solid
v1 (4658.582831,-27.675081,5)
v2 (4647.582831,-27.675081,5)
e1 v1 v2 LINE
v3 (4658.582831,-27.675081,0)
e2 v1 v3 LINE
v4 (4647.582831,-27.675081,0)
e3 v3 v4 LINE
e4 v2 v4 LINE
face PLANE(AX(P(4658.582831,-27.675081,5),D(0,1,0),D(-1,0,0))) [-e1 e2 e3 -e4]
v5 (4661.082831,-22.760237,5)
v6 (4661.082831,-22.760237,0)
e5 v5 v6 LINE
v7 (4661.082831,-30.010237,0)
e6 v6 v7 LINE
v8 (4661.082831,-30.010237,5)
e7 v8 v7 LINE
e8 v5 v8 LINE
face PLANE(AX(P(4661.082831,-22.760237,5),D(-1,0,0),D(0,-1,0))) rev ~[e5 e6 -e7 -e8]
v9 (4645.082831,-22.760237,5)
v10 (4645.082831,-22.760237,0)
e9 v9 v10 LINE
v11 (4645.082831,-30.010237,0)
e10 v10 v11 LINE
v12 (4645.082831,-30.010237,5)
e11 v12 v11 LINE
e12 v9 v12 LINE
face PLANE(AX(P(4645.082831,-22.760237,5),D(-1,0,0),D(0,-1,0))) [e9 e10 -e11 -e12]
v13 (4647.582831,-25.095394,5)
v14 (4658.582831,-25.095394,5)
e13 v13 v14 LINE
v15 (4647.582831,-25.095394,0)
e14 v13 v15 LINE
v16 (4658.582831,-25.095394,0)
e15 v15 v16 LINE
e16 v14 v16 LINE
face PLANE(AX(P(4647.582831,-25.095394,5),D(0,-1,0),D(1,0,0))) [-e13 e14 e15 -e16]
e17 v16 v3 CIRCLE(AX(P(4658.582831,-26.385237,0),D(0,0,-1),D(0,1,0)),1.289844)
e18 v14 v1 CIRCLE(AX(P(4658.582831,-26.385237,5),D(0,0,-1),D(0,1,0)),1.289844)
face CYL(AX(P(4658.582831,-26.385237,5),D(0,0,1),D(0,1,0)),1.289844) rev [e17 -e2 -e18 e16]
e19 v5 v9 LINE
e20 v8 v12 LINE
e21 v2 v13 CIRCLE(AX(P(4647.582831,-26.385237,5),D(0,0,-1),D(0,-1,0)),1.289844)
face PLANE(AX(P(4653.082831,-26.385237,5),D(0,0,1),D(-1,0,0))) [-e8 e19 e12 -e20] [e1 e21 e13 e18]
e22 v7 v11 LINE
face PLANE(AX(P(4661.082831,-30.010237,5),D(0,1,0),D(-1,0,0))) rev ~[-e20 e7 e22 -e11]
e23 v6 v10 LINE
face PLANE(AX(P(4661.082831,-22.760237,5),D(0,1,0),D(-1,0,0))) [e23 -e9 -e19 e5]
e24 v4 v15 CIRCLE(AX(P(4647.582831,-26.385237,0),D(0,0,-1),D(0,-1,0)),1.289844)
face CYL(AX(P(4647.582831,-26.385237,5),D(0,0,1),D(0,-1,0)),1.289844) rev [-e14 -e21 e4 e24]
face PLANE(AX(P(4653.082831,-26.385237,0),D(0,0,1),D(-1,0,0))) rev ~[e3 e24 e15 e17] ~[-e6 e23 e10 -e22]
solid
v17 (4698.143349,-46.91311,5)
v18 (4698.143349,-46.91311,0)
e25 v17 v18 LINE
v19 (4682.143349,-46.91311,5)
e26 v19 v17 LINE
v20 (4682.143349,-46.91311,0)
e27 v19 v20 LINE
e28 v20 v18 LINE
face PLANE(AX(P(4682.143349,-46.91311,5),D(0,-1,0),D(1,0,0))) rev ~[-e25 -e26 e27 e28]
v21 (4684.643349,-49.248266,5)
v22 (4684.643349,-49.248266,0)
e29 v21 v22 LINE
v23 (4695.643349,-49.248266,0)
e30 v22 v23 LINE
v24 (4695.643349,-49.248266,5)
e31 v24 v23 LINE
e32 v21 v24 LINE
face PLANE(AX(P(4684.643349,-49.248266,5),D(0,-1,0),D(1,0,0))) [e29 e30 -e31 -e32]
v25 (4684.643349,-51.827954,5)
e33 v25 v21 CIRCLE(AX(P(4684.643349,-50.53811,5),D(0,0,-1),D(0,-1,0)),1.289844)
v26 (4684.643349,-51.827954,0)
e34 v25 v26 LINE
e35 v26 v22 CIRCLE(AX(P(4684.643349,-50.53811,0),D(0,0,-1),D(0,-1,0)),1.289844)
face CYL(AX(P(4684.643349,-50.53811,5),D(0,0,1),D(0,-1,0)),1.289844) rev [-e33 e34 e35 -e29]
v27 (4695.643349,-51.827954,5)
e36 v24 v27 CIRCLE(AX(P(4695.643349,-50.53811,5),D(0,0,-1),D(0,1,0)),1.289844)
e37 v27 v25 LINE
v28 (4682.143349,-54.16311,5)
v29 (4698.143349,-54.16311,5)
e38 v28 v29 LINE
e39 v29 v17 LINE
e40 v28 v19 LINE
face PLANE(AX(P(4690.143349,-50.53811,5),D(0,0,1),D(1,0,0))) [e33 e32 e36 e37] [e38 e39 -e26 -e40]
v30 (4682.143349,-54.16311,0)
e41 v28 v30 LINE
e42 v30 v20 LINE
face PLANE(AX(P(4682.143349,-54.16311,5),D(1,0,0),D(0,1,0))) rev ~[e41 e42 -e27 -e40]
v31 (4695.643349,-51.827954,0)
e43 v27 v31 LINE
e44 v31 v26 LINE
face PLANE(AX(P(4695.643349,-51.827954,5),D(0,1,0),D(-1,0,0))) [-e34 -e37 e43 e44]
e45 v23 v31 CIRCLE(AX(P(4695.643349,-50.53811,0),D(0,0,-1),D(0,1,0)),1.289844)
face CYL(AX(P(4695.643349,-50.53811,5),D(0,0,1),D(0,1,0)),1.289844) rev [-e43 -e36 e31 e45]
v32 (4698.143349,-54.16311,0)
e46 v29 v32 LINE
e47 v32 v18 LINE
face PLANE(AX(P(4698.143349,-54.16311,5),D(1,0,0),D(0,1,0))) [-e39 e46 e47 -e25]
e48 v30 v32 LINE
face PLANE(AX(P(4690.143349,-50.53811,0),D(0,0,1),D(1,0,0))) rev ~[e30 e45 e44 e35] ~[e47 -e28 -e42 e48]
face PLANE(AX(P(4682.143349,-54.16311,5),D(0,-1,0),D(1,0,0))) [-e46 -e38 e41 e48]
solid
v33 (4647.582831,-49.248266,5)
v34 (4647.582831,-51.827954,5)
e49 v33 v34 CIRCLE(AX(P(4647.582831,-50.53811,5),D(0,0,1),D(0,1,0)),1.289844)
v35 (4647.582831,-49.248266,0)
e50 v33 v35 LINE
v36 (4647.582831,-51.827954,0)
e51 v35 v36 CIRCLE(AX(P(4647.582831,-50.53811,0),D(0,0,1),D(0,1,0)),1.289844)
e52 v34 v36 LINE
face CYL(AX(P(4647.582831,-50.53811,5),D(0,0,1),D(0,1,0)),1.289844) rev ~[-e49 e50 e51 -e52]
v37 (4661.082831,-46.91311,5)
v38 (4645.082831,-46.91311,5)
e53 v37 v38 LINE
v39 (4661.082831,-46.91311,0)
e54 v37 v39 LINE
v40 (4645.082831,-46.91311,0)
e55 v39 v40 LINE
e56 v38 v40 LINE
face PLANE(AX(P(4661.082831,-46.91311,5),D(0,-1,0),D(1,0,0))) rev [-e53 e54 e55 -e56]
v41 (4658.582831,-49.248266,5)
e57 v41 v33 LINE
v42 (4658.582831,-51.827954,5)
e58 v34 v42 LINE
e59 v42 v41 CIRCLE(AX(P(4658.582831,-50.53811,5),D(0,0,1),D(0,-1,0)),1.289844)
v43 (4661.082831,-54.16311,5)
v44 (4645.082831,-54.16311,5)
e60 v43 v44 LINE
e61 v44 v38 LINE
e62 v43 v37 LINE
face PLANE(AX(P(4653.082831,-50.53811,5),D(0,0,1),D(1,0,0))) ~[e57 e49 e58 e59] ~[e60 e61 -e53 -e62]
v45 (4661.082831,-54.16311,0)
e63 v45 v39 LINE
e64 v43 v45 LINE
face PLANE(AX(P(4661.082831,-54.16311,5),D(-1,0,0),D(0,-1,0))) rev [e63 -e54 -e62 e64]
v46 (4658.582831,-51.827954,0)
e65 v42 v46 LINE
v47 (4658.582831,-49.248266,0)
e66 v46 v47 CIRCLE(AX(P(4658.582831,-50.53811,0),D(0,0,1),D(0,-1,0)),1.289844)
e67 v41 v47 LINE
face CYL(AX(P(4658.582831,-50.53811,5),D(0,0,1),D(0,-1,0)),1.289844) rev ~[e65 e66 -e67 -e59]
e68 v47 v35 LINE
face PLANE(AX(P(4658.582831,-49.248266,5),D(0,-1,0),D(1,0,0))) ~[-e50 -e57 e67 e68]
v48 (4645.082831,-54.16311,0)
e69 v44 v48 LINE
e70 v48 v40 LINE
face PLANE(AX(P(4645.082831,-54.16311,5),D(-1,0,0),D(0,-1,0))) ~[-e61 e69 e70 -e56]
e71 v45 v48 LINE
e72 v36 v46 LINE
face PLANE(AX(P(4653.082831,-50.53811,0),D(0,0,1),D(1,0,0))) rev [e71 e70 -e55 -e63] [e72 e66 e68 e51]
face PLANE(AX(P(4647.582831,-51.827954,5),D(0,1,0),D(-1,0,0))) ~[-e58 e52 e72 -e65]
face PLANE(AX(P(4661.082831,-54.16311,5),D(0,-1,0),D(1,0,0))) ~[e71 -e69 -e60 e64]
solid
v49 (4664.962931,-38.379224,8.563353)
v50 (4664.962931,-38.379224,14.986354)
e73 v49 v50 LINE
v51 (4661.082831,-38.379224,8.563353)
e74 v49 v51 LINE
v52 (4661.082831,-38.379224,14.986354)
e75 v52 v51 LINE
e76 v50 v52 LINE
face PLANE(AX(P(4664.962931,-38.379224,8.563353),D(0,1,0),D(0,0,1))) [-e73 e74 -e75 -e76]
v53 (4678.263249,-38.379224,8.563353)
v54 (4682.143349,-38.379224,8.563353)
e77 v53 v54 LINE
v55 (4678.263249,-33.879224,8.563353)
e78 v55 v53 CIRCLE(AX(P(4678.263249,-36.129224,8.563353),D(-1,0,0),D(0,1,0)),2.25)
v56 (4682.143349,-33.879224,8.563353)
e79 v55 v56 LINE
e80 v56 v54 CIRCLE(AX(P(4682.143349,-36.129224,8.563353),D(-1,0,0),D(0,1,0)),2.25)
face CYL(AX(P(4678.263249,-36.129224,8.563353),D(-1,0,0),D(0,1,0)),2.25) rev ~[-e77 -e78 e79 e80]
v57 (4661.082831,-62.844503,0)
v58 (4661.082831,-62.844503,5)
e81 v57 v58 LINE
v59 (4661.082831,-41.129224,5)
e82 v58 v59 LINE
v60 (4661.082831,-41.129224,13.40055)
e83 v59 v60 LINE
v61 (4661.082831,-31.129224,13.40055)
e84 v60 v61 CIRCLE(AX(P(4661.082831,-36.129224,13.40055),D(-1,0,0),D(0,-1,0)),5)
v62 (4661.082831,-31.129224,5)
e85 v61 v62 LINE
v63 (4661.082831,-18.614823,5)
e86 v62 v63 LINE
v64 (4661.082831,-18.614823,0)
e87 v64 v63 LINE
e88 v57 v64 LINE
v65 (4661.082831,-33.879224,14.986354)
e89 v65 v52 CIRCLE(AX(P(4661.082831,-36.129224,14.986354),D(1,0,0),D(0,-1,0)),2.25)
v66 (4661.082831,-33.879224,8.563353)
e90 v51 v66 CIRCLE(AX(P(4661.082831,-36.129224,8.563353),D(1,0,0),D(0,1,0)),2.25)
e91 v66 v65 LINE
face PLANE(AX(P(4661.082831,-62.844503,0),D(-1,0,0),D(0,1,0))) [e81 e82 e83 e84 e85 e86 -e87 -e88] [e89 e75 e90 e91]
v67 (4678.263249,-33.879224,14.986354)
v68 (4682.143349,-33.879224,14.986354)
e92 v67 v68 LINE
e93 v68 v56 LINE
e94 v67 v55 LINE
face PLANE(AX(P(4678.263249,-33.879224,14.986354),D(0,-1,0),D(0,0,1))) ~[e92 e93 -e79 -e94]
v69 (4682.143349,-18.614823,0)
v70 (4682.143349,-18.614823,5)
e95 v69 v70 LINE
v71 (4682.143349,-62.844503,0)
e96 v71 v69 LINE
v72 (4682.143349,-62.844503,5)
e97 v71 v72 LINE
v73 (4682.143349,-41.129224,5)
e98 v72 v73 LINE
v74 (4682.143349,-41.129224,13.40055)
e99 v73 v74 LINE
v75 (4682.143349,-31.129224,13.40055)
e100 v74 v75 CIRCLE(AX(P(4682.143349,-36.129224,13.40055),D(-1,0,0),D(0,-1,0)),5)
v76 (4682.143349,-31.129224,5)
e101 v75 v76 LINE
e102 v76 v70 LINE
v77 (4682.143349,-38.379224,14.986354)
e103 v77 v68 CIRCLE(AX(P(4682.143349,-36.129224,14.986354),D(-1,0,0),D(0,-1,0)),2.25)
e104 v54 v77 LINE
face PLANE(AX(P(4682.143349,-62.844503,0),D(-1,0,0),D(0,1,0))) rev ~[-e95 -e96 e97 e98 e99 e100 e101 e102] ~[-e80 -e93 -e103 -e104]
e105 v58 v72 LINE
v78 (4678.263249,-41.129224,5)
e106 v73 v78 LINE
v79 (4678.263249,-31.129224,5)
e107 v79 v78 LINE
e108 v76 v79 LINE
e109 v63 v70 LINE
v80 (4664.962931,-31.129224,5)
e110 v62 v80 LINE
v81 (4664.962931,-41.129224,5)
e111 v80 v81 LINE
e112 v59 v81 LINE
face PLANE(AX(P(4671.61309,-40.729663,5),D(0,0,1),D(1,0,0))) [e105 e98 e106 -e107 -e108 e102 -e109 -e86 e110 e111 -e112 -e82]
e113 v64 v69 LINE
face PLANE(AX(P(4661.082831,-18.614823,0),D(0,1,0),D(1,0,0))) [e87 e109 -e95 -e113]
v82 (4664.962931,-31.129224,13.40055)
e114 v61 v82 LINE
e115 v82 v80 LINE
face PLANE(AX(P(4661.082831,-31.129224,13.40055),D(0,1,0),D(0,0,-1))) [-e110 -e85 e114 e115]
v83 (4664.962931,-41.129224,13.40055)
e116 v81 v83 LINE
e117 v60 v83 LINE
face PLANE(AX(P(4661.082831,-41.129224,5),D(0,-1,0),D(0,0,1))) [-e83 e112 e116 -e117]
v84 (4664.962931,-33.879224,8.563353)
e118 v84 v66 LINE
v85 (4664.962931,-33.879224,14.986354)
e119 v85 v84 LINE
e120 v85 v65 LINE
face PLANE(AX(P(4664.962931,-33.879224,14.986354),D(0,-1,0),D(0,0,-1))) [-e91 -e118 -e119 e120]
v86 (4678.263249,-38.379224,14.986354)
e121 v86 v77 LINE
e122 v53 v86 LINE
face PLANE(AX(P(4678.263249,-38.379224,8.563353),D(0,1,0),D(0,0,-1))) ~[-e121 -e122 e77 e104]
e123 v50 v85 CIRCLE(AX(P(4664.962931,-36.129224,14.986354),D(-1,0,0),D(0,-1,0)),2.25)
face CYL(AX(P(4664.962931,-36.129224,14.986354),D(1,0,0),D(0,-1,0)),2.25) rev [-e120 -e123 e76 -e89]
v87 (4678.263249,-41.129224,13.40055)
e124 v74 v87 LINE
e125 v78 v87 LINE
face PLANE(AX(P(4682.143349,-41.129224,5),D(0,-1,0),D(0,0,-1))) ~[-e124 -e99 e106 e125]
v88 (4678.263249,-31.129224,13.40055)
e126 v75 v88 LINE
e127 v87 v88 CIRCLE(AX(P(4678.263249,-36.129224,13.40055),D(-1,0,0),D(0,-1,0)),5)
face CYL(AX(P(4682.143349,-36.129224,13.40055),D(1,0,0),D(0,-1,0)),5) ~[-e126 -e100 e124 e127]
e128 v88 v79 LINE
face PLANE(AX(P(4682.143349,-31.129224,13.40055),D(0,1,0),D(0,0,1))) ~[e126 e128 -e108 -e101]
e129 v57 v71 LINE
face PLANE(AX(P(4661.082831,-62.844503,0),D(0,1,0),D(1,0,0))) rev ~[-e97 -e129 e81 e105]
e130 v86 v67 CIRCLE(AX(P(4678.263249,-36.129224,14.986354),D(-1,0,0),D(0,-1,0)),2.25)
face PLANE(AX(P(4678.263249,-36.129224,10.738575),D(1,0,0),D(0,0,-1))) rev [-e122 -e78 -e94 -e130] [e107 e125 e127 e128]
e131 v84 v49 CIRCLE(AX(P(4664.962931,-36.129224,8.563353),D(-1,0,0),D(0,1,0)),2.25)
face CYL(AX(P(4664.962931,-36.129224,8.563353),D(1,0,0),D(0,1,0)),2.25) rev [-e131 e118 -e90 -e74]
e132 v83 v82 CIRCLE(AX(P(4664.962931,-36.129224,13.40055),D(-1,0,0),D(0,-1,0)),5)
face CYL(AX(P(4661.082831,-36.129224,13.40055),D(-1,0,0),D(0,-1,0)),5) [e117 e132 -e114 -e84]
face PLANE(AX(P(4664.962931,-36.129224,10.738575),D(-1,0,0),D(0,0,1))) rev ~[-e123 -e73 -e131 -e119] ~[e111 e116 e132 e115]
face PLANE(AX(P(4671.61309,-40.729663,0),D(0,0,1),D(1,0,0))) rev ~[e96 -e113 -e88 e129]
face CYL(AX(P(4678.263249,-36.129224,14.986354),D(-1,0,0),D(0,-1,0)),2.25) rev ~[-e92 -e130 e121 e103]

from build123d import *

# Parameters (mm, degrees)
SKETCH1_W           = 21.060518524
SKETCH1_H           = 44.229680595
BOSS_EXTRUDE1_DEPTH = 5
BOSS_EXTRUDE3_DEPTH = 3.8801
CUT_EXTRUDE1_DEPTH  = 8
SKETCH6_W           = 16
SKETCH6_H           = 7.25
BOSS_EXTRUDE4_DEPTH = 5
SKETCH11_W          = 16
SKETCH11_H          = 7.25
CUT_EXTRUDE2_DEPTH  = 5


with BuildPart() as part:
    # Sketch1 → Boss-Extrude1 (new body)
    with BuildSketch(Plane.XY):
        with Locations((4671.613089989, -40.729662913)):
            Rectangle(SKETCH1_W, SKETCH1_H)
    extrude(amount=BOSS_EXTRUDE1_DEPTH)

    # Sketch4 → Boss-Extrude3 (add)
    with BuildSketch(Plane.ZY.offset(-4661.082830727)):
        with BuildLine():
            Line((13.400549781, -31.129223835), (5, -31.129223835))
            Line((5, -31.129223835), (5, -41.129223835))
            Line((5, -41.129223835), (13.400549781, -41.129223835))
            ThreePointArc((13.400549781, -41.129223835), (18.400549781, -36.129223835), (13.400549781, -31.129223835))
        make_face()
    boss_extrude3 = extrude(amount=-BOSS_EXTRUDE3_DEPTH)

    # Sketch5 → Cut-Extrude1 (cut)
    with BuildSketch(Plane(origin=(4664.962930727, 0, 0), x_dir=(0, 0, -1), z_dir=(1, 0, 0))):
        with BuildLine():
            Line((-14.986353963, -33.879223835), (-8.563353453, -33.879223835))
            ThreePointArc((-8.563353453, -33.879223835), (-6.313353453, -36.129223835), (-8.563353453, -38.379223835))
            Line((-8.563353453, -38.379223835), (-14.986353963, -38.379223835))
            ThreePointArc((-14.986353963, -38.379223835), (-17.236353963, -36.129223835), (-14.986353963, -33.879223835))
        make_face()
    cut_extrude1 = extrude(amount=-CUT_EXTRUDE1_DEPTH, mode=Mode.SUBTRACT)

    # Mirror2: Boss-Extrude3, Cut-Extrude1 across plane
    add(boss_extrude3.mirror(Plane.ZY.offset(-4671.613089989)))
    add(cut_extrude1.mirror(Plane.ZY.offset(-4671.613089989)), mode=Mode.SUBTRACT)


with BuildPart() as body_2:
    # Sketch6 → Boss-Extrude4 (new body)
    with BuildSketch(Plane.XY.offset(5)):
        with Locations((4690.143349251, -50.538110101)):
            Rectangle(SKETCH6_W, SKETCH6_H)
        with BuildLine():
            Line((4695.643349251, -51.827953851), (4684.643349251, -51.827953851))
            ThreePointArc((4684.643349251, -51.827953851), (4683.353505501, -50.538110101), (4684.643349251, -49.248266351))
            Line((4684.643349251, -49.248266351), (4695.643349251, -49.248266351))
            ThreePointArc((4695.643349251, -49.248266351), (4696.933193001, -50.538110101), (4695.643349251, -51.827953851))
        make_face(mode=Mode.SUBTRACT)
    extrude(amount=-BOSS_EXTRUDE4_DEPTH)


with BuildPart() as body_3:
    # Mirror3: mirrored copy
    add(body_2.part.mirror(Plane.ZY.offset(-4671.613089989)))


with BuildPart() as body_4:
    # Mirror4: mirrored copy
    add(body_3.part.mirror(Plane(origin=(0, -38.461673776, 0), x_dir=(0, 0, 1), z_dir=(0, -1, 0))))


with BuildPart() as body_5:
    # Mirror4 2: mirrored copy
    add(body_2.part.mirror(Plane(origin=(0, -38.461673776, 0), x_dir=(0, 0, 1), z_dir=(0, -1, 0))))

    # Sketch11 → Cut-Extrude2 (cut)
    with BuildSketch(Plane.XY.offset(5)):
        with Locations((4690.143349251, -26.385237452)):
            Rectangle(SKETCH11_W, SKETCH11_H)
    extrude(amount=-CUT_EXTRUDE2_DEPTH, mode=Mode.SUBTRACT)


solid = Compound([part.part, body_2.part, body_3.part, body_4.part])
